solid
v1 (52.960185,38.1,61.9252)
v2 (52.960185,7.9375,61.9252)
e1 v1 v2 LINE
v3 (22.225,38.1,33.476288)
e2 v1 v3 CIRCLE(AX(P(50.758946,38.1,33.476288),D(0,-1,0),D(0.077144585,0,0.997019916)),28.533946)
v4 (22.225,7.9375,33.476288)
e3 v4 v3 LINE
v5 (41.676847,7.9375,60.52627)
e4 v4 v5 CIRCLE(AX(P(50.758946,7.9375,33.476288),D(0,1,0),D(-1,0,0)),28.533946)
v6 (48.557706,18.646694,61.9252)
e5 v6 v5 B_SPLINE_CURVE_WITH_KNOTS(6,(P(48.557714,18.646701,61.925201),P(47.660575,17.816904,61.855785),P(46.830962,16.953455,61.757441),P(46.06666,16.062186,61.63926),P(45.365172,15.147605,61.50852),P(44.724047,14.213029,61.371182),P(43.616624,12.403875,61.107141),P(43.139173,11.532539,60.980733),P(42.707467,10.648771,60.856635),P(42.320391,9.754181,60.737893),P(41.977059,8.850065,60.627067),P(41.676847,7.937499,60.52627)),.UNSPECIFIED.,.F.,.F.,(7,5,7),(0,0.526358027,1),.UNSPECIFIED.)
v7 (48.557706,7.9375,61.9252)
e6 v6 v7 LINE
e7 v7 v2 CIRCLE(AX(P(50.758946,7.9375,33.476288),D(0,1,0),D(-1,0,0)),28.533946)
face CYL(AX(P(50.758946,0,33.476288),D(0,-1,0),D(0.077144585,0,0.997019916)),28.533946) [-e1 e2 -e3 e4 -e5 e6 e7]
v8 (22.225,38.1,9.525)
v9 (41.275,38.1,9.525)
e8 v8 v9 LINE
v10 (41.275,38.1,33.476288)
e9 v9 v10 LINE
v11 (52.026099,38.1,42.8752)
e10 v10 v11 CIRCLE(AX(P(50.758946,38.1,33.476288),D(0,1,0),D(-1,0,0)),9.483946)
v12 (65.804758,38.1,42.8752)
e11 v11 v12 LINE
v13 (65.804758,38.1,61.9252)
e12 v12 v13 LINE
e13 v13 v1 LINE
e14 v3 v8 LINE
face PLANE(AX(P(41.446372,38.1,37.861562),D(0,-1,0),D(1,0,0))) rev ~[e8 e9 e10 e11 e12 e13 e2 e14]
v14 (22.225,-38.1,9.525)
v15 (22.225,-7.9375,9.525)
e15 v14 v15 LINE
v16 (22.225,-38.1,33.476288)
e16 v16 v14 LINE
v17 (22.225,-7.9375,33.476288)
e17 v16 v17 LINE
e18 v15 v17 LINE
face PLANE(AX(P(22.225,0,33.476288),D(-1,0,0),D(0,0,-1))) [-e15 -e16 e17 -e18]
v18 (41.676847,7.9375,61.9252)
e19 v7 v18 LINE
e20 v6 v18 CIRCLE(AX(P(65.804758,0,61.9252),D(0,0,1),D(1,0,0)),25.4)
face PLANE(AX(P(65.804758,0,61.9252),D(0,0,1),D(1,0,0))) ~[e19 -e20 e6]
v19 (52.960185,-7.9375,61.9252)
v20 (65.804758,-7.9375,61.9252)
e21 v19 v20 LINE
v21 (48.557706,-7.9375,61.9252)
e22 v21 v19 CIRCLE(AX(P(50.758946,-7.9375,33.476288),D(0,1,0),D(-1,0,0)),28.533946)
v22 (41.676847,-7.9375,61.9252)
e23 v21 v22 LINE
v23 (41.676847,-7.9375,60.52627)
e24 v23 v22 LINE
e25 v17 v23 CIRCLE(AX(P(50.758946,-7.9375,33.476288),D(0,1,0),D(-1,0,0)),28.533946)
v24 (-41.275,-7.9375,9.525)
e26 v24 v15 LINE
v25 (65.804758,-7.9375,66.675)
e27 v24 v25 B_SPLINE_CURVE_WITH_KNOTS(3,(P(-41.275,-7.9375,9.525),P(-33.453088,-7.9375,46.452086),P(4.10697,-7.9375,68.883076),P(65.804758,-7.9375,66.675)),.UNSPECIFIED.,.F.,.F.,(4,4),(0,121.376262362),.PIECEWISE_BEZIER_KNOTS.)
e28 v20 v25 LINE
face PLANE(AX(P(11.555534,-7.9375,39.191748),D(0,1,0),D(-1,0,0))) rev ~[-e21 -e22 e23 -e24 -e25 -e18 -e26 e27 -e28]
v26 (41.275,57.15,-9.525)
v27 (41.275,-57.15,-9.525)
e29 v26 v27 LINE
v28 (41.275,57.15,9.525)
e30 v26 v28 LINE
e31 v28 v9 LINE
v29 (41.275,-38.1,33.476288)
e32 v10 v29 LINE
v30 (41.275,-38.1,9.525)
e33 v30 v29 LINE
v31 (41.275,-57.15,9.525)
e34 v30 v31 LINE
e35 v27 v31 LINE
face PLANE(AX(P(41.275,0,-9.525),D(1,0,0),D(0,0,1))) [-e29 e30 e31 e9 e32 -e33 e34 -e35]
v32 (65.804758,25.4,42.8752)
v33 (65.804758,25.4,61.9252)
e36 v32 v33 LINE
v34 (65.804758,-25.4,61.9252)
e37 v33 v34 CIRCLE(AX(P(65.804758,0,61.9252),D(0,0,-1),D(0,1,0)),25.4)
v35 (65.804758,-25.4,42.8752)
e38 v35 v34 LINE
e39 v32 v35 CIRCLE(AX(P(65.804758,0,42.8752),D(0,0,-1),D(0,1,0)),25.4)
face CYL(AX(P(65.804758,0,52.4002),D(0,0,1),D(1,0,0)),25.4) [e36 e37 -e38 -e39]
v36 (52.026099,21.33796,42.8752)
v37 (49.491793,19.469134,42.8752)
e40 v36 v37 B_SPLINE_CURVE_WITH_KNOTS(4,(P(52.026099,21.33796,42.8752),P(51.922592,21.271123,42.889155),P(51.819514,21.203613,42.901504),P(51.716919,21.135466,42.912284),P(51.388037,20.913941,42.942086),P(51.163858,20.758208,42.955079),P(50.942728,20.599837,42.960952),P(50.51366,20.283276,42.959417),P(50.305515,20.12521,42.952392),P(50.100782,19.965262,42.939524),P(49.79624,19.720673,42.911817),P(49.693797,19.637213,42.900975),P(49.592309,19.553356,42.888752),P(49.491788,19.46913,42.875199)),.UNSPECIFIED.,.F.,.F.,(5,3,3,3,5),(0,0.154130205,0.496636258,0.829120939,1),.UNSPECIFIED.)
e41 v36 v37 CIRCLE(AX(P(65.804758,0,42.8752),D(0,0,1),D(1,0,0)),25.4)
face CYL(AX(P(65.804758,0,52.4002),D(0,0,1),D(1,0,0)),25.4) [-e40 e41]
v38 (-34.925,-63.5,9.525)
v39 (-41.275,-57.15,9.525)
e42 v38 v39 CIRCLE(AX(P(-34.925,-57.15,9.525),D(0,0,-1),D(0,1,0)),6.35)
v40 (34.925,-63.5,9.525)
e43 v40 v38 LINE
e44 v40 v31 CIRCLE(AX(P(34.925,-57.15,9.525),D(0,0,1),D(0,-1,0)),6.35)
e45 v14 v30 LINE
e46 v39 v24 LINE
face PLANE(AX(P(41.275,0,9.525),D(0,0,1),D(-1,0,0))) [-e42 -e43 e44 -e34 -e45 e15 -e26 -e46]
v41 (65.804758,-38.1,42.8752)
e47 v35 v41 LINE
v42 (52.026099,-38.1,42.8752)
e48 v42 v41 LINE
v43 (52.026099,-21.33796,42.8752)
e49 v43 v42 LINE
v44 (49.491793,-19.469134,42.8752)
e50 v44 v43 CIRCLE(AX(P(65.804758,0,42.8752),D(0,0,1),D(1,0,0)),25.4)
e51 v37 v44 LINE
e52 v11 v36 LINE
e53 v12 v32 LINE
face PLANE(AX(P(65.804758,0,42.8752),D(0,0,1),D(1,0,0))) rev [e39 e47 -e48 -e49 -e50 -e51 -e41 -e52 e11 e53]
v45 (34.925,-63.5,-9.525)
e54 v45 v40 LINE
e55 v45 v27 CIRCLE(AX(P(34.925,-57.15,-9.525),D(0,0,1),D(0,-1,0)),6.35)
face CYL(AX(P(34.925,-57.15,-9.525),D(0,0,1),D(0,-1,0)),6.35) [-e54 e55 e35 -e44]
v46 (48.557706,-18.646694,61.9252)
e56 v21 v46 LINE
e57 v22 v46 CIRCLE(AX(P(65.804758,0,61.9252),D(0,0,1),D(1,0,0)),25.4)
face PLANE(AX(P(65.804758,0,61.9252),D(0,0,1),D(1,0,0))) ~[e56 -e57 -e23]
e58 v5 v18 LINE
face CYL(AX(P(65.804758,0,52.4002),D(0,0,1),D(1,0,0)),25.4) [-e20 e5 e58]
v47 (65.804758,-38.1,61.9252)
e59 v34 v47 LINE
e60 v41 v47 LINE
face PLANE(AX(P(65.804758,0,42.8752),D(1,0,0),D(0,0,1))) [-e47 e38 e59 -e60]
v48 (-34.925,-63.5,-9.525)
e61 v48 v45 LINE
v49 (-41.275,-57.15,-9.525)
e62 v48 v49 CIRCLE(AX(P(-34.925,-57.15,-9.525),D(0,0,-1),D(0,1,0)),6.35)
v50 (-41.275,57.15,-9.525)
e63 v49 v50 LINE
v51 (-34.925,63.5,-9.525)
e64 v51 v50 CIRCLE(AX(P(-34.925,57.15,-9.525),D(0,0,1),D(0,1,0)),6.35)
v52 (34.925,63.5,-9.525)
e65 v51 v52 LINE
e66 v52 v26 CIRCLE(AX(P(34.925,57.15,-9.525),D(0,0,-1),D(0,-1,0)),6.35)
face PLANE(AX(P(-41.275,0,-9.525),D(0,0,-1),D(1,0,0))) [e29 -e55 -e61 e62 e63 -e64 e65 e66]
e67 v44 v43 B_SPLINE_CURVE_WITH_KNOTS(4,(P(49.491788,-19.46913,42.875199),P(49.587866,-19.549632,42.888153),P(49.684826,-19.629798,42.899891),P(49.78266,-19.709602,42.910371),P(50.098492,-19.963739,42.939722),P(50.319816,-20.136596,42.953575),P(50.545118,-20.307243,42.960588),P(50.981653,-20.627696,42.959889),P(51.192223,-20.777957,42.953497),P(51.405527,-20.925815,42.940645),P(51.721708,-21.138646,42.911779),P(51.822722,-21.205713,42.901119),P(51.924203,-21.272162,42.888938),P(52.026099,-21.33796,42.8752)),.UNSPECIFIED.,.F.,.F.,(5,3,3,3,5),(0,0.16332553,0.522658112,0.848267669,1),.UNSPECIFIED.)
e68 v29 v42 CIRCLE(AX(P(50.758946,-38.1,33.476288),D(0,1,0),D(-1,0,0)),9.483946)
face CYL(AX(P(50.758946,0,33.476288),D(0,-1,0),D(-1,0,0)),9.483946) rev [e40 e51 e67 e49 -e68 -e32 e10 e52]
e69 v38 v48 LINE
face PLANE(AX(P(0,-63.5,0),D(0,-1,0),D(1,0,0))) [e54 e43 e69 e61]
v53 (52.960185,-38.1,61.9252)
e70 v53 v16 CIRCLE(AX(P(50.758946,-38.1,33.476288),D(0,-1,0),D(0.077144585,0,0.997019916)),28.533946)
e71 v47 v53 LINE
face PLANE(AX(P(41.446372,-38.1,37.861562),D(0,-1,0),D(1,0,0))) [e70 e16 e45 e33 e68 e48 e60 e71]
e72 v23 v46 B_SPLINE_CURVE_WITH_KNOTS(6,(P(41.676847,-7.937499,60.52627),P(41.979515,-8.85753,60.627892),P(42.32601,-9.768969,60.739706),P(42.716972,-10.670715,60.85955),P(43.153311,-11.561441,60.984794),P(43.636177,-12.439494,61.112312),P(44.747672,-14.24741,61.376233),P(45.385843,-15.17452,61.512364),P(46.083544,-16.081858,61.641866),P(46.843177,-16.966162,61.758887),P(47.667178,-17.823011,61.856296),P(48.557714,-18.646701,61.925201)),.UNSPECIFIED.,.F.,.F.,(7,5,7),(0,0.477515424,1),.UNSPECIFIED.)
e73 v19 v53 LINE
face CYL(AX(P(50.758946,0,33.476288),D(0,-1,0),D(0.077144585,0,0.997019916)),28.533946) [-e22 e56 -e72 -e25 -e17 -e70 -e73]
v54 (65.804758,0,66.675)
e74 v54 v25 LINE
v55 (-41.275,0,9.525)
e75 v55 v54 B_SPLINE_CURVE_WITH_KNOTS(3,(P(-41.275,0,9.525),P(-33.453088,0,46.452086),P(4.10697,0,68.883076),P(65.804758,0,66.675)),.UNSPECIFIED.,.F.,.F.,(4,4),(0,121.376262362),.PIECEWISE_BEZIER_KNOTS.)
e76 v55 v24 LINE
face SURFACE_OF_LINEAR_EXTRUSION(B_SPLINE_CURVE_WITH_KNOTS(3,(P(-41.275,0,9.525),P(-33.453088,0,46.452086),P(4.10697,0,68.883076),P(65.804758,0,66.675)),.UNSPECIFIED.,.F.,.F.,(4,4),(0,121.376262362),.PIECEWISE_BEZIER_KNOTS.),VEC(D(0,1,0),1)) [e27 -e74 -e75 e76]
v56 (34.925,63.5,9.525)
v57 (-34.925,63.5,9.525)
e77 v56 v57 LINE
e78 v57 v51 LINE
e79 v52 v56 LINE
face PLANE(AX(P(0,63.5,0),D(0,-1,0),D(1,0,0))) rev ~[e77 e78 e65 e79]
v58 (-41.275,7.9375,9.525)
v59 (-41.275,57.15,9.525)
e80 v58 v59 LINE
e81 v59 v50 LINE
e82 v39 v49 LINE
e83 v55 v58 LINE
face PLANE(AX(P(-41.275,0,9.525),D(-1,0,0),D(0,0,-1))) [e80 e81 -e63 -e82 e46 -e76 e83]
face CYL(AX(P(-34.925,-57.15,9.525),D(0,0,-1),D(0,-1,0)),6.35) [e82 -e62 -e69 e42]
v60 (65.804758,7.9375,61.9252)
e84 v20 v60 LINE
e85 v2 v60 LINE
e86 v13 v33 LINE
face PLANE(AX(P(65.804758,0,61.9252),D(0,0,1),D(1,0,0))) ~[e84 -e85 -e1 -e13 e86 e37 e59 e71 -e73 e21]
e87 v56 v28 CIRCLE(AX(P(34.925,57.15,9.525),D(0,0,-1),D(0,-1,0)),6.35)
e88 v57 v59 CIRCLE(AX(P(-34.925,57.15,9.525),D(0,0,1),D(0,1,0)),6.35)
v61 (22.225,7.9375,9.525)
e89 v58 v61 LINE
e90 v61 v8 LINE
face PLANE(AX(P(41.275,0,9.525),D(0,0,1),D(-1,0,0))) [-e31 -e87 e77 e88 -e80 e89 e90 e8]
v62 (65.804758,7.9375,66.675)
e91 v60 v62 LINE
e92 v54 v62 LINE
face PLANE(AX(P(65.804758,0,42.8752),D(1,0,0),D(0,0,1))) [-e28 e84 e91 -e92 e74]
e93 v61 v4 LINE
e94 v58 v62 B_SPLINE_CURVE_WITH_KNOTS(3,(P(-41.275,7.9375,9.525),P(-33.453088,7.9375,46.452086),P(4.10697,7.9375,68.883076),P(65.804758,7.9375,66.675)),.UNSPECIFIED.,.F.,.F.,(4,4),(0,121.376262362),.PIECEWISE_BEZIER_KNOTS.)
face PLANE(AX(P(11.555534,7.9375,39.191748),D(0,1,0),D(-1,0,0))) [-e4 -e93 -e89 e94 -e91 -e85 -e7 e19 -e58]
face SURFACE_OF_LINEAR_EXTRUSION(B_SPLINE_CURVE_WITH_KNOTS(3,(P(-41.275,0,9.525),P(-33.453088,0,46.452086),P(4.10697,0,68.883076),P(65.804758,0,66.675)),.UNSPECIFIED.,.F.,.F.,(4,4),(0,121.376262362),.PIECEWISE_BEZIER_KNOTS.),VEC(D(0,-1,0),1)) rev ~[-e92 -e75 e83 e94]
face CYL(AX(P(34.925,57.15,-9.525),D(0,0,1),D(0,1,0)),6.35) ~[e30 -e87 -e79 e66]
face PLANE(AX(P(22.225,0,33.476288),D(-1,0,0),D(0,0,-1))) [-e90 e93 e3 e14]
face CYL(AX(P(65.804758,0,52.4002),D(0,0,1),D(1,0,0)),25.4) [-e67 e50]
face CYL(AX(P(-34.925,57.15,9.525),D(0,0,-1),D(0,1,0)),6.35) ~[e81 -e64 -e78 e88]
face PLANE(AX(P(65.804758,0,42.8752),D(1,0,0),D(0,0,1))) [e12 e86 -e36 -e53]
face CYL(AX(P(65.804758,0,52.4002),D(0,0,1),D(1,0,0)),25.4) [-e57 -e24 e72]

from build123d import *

# Parameters (mm, degrees)
F1_DEPTH = 63.5
F2_DEPTH = 38.1
F3_DEPTH = 7.9375
F0_W     = 25.4
F0_H     = 19.05
F5_R     = 6.35


with BuildPart() as f1:
    # F0 (on Front) → F1 (new body, symmetric)
    with BuildSketch(Plane.XZ):
        Polygon((-41.275, -9.525), (41.275, -9.525), (41.275, 9.525), (22.225, 9.525), (-41.275, 9.525), align=None)
    extrude(amount=F1_DEPTH, both=True)

    # F0 (on Front) → F2 (join, symmetric)
    with BuildSketch(Plane.XZ):
        with BuildLine():
            Line((22.225, 9.525), (41.275, 9.525))
            Line((41.275, 9.525), (41.275, 33.4762879004))
            ThreePointArc((41.275, 33.4762879004), (44.5168460124, 40.6164151559), (52.0260985597, 42.8752))
            Line((52.0260985597, 42.8752), (65.8047579605, 42.8752))
            Line((65.8047579605, 42.8752), (65.8047579605, 61.9252))
            Line((65.8047579605, 61.9252), (52.9601850462, 61.9252))
            ThreePointArc((52.9601850462, 61.9252), (31.3762728586, 54.4166329279), (22.225, 33.4762879004))
            Line((22.225, 33.4762879004), (22.225, 9.525))
        make_face()
    extrude(amount=F2_DEPTH, both=True)

    # F0 (on Front) → F3 (join, symmetric)
    with BuildSketch(Plane.XZ):
        with BuildLine():
            add(Edge.make_bspline(
                [(-41.275, 9.525), (-33.4530882537, 46.4520864189), (4.1069700383, 68.8830763102), (65.8047579605, 66.675)],
                knots=[0, 0, 0, 0, 121.3762623616, 121.3762623616, 121.3762623616, 121.3762623616], degree=3))
            Line((-41.275, 9.525), (22.225, 9.525))
            Line((22.225, 9.525), (22.225, 33.4762879004))
            ThreePointArc((22.225, 33.4762879004), (31.3762728586, 54.4166329279), (52.9601850462, 61.9252))
            Line((52.9601850462, 61.9252), (65.8047579605, 61.9252))
            Line((65.8047579605, 61.9252), (65.8047579605, 66.675))
        make_face()
    extrude(amount=F3_DEPTH, both=True)

    # F0 (on Front) → F4 (revolve)
    with BuildSketch(Plane.XZ):
        with Locations((78.5047579605, 52.4002)):
            Rectangle(F0_W, F0_H)
    revolve(axis=Axis((65.8047579605, 0, 52.3875), (0, 0, 1)))

    # F5
    f5_edges = [f1.edges().sort_by_distance(p)[0] for p in [
        (41.275, -63.5, 0),
        (41.275, 63.5, 0),
        (-41.275, 63.5, 0),
        (-41.275, -63.5, 0),
    ]]
    fillet(f5_edges, radius=F5_R)


solid = f1.part
